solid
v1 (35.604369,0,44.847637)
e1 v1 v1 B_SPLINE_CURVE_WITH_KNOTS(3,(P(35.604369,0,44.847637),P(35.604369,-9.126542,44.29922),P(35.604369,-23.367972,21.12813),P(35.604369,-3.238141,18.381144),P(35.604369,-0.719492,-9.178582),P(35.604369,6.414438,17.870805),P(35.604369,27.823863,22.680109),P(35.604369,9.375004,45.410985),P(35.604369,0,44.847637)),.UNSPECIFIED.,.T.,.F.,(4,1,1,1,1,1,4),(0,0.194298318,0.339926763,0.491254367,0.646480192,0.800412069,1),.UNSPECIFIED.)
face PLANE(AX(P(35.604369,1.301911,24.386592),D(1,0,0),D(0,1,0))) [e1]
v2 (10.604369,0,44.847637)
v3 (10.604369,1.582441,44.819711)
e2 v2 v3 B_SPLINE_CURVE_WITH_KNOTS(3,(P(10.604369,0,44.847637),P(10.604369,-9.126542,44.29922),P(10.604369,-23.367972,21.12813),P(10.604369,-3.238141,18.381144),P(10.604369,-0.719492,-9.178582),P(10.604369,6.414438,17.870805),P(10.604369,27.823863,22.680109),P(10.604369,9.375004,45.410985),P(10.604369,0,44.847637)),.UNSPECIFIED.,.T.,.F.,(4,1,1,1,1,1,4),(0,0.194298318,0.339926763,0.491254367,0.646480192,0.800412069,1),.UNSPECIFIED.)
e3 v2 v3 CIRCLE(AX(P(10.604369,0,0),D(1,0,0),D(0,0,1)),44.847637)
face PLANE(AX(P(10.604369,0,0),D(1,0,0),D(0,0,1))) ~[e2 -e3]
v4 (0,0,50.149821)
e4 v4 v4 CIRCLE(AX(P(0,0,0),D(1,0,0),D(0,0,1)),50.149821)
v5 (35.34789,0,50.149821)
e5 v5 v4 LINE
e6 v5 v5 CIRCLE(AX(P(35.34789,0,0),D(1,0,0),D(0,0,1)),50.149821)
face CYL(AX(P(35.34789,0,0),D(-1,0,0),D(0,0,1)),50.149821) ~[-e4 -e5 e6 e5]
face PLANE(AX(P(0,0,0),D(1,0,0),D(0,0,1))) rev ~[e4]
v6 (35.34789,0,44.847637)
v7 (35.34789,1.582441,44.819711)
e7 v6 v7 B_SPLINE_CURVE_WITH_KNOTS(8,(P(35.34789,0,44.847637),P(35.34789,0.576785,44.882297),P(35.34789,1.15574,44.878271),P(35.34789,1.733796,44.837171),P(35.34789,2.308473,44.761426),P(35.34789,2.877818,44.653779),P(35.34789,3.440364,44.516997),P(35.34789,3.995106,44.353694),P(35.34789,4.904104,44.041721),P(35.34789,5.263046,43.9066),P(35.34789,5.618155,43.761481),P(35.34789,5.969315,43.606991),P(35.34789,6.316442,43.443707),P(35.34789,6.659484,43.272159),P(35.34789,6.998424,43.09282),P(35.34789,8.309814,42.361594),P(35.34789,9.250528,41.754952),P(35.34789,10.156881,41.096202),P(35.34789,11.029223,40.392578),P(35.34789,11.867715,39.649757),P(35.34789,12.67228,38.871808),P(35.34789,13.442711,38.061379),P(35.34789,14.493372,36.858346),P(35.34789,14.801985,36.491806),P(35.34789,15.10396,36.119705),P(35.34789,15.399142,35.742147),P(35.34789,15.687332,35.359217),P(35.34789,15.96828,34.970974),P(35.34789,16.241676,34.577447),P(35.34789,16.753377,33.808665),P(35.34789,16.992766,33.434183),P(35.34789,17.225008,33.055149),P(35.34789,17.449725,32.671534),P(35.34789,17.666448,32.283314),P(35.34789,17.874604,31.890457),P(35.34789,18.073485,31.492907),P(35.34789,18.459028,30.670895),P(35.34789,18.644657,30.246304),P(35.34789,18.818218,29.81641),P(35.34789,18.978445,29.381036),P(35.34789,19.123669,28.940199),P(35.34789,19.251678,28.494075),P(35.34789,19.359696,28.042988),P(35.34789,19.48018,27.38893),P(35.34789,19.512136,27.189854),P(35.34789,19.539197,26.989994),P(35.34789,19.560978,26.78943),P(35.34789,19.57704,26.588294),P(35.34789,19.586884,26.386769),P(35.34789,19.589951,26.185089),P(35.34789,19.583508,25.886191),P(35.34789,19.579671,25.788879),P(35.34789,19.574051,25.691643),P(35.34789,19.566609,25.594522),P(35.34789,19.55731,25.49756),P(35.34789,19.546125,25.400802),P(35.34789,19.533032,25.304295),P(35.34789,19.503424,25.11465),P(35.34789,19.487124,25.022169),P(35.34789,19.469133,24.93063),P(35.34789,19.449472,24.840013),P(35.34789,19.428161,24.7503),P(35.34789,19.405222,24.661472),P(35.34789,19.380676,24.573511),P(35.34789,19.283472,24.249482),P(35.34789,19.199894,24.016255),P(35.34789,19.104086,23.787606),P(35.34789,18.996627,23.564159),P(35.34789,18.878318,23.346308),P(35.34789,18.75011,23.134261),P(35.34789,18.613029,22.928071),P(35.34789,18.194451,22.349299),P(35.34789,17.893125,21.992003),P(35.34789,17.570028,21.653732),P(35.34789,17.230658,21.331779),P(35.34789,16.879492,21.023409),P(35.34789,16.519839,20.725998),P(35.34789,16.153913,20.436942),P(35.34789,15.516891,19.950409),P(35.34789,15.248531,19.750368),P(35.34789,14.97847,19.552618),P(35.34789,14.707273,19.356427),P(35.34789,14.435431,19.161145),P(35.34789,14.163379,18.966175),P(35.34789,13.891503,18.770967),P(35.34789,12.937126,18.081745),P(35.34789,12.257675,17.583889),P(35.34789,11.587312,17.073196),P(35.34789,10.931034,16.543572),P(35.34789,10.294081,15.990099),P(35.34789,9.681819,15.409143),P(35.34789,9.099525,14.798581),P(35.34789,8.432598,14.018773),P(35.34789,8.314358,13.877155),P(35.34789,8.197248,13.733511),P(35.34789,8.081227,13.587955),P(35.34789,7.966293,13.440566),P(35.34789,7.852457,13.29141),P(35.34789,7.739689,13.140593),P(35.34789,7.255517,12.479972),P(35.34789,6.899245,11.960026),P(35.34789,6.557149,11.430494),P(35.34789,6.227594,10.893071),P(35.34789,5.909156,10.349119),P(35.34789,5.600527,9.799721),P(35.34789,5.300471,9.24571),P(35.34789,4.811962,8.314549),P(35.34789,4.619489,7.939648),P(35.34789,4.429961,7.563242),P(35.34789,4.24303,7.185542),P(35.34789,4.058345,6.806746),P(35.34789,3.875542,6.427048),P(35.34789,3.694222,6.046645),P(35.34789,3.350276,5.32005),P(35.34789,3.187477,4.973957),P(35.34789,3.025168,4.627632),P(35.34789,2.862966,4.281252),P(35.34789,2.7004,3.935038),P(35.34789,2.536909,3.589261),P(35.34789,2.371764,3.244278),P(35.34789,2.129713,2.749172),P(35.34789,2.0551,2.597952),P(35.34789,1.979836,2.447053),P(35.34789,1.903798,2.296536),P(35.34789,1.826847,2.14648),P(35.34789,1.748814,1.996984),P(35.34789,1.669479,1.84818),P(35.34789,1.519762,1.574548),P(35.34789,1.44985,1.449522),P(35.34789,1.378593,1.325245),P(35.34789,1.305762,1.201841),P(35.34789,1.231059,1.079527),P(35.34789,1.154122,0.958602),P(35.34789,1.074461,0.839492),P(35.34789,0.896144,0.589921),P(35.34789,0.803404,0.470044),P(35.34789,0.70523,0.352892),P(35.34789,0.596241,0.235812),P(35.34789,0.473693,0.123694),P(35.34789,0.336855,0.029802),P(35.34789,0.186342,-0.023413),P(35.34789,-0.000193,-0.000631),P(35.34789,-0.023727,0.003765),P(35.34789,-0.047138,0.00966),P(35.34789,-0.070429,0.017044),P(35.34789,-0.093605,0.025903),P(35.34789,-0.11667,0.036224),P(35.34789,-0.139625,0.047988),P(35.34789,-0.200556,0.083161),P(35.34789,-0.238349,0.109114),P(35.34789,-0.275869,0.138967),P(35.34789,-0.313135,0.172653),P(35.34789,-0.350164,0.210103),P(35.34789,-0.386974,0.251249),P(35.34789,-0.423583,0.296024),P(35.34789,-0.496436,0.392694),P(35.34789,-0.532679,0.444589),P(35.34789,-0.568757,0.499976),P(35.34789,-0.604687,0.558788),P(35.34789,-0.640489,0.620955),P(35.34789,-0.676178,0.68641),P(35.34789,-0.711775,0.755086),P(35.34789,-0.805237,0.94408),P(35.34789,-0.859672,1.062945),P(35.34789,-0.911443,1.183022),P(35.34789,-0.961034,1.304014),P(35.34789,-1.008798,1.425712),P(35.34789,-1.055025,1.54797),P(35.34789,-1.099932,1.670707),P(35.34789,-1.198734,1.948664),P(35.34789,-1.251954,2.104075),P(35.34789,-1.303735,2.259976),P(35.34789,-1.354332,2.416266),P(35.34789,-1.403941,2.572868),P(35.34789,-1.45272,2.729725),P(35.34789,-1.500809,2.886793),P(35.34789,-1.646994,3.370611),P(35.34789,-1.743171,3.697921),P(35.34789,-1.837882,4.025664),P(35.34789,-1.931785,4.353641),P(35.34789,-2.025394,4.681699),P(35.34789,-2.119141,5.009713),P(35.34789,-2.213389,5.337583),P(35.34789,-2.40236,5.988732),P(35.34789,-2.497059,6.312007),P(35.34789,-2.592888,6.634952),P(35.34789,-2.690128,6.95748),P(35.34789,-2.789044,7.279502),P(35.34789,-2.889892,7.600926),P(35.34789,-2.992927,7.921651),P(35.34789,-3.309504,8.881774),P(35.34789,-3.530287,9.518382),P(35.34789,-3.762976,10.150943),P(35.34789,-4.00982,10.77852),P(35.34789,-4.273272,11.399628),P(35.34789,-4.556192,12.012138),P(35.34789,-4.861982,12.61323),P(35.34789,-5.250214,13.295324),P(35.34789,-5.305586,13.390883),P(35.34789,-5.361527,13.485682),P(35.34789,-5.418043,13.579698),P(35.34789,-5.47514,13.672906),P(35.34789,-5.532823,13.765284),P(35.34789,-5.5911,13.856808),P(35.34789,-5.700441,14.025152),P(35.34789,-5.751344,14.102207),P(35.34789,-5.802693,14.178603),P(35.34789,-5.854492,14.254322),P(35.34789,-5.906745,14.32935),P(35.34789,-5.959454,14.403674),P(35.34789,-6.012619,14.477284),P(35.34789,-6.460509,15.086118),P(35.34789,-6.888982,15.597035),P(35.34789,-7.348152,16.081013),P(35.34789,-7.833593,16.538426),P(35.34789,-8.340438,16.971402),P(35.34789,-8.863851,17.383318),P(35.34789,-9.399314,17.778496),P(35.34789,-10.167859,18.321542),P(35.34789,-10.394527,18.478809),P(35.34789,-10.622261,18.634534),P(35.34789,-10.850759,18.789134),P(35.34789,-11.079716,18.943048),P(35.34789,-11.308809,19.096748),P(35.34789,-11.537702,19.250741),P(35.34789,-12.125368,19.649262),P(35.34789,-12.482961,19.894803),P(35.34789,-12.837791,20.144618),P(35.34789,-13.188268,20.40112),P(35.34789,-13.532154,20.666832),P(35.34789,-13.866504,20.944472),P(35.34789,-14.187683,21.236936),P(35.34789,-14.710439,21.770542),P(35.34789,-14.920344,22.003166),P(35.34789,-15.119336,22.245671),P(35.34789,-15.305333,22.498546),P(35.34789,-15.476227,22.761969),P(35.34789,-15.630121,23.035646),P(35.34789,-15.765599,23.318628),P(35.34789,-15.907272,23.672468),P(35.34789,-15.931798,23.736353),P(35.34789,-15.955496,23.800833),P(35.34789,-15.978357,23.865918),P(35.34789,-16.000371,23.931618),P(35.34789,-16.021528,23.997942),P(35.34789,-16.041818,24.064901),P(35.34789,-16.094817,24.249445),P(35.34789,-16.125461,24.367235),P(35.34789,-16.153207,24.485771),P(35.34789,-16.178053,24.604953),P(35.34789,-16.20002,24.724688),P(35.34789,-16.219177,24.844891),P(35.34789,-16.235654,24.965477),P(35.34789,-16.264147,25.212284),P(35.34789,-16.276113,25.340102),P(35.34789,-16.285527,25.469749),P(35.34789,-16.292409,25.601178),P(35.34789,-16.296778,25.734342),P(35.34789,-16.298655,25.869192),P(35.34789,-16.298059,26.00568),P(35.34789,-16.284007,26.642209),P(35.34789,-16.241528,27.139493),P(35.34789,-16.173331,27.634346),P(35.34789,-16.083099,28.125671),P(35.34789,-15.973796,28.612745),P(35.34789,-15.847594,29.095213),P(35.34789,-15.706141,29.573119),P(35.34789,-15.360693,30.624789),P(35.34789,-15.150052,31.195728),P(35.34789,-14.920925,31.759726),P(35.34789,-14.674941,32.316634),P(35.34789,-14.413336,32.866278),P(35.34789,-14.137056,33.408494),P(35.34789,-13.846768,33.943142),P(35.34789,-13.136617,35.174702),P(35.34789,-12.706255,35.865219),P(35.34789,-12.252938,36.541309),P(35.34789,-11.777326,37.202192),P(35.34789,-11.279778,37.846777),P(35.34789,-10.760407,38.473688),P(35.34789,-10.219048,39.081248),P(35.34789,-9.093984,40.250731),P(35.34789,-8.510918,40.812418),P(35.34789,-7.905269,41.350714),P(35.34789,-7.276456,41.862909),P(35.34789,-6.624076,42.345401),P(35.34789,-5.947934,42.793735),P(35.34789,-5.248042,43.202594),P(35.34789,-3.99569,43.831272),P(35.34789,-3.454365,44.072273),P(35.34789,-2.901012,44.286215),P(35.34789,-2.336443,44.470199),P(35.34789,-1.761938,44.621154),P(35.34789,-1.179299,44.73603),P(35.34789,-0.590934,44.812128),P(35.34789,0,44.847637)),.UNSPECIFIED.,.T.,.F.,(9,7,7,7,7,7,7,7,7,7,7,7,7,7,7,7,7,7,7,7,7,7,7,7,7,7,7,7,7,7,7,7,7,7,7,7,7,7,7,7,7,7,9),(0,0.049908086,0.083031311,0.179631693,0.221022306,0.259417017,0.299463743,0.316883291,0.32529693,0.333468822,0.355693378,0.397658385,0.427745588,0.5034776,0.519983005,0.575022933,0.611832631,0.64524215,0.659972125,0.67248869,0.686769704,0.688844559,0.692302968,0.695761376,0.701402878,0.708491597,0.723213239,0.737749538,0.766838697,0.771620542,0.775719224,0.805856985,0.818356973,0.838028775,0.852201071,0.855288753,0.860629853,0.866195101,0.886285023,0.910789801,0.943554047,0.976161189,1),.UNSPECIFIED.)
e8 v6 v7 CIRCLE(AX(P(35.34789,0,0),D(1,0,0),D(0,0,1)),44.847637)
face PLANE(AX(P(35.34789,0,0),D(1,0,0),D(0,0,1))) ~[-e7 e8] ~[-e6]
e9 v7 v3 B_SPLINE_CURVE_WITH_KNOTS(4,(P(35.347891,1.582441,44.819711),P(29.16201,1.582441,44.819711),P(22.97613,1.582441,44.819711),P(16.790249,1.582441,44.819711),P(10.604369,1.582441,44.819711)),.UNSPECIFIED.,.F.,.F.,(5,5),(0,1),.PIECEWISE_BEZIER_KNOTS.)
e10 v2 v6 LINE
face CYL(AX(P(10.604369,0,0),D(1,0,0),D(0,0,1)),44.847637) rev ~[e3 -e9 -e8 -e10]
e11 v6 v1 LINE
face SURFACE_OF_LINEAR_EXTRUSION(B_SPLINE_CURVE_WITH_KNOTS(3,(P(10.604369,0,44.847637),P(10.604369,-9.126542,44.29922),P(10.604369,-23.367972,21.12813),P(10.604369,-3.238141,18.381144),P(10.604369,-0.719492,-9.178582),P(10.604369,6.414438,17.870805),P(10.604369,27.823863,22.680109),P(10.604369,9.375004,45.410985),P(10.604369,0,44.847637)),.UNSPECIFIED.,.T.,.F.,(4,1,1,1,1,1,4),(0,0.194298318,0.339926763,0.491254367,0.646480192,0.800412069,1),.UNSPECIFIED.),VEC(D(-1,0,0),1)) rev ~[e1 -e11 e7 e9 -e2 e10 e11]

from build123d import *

# Parameters (mm, degrees)
F3_DEPTH = 25


with BuildPart() as f1:
    # F0 (on Front) → F1 (revolve)
    with BuildSketch(Plane.XZ):
        Polygon((0, 50.149820745), (0, 0), (10.6043694541, 0), (10.6043694541, 44.8476374149), (35.3478901088, 44.8476374149), (35.3478901088, 50.149820745), align=None)
    revolve(axis=Axis((0, 0, 0), (1, 0, 0)))

    # F2 (on face) → F3 (join)
    with BuildSketch(Plane.YZ.offset(10.6043694541)):
        with BuildLine():
            add(Edge.make_bspline(
                [(0, 44.8476374149), (-9.1265415619, 44.2992200217), (-23.3679723185, 21.1281300087), (-3.2381405586, 18.381144121), (-0.7194922898, -9.1785815317), (6.4144378489, 17.87080484), (27.8238627674, 22.6801088656), (9.3750042169, 45.4109850247), (0, 44.8476374149)],
                knots=[0, 0, 0, 0, 0.1942983175, 0.3399267632, 0.4912543668, 0.6464801915, 0.8004120692, 1, 1, 1, 1], degree=3))
        make_face()
    extrude(amount=F3_DEPTH)


solid = f1.part
